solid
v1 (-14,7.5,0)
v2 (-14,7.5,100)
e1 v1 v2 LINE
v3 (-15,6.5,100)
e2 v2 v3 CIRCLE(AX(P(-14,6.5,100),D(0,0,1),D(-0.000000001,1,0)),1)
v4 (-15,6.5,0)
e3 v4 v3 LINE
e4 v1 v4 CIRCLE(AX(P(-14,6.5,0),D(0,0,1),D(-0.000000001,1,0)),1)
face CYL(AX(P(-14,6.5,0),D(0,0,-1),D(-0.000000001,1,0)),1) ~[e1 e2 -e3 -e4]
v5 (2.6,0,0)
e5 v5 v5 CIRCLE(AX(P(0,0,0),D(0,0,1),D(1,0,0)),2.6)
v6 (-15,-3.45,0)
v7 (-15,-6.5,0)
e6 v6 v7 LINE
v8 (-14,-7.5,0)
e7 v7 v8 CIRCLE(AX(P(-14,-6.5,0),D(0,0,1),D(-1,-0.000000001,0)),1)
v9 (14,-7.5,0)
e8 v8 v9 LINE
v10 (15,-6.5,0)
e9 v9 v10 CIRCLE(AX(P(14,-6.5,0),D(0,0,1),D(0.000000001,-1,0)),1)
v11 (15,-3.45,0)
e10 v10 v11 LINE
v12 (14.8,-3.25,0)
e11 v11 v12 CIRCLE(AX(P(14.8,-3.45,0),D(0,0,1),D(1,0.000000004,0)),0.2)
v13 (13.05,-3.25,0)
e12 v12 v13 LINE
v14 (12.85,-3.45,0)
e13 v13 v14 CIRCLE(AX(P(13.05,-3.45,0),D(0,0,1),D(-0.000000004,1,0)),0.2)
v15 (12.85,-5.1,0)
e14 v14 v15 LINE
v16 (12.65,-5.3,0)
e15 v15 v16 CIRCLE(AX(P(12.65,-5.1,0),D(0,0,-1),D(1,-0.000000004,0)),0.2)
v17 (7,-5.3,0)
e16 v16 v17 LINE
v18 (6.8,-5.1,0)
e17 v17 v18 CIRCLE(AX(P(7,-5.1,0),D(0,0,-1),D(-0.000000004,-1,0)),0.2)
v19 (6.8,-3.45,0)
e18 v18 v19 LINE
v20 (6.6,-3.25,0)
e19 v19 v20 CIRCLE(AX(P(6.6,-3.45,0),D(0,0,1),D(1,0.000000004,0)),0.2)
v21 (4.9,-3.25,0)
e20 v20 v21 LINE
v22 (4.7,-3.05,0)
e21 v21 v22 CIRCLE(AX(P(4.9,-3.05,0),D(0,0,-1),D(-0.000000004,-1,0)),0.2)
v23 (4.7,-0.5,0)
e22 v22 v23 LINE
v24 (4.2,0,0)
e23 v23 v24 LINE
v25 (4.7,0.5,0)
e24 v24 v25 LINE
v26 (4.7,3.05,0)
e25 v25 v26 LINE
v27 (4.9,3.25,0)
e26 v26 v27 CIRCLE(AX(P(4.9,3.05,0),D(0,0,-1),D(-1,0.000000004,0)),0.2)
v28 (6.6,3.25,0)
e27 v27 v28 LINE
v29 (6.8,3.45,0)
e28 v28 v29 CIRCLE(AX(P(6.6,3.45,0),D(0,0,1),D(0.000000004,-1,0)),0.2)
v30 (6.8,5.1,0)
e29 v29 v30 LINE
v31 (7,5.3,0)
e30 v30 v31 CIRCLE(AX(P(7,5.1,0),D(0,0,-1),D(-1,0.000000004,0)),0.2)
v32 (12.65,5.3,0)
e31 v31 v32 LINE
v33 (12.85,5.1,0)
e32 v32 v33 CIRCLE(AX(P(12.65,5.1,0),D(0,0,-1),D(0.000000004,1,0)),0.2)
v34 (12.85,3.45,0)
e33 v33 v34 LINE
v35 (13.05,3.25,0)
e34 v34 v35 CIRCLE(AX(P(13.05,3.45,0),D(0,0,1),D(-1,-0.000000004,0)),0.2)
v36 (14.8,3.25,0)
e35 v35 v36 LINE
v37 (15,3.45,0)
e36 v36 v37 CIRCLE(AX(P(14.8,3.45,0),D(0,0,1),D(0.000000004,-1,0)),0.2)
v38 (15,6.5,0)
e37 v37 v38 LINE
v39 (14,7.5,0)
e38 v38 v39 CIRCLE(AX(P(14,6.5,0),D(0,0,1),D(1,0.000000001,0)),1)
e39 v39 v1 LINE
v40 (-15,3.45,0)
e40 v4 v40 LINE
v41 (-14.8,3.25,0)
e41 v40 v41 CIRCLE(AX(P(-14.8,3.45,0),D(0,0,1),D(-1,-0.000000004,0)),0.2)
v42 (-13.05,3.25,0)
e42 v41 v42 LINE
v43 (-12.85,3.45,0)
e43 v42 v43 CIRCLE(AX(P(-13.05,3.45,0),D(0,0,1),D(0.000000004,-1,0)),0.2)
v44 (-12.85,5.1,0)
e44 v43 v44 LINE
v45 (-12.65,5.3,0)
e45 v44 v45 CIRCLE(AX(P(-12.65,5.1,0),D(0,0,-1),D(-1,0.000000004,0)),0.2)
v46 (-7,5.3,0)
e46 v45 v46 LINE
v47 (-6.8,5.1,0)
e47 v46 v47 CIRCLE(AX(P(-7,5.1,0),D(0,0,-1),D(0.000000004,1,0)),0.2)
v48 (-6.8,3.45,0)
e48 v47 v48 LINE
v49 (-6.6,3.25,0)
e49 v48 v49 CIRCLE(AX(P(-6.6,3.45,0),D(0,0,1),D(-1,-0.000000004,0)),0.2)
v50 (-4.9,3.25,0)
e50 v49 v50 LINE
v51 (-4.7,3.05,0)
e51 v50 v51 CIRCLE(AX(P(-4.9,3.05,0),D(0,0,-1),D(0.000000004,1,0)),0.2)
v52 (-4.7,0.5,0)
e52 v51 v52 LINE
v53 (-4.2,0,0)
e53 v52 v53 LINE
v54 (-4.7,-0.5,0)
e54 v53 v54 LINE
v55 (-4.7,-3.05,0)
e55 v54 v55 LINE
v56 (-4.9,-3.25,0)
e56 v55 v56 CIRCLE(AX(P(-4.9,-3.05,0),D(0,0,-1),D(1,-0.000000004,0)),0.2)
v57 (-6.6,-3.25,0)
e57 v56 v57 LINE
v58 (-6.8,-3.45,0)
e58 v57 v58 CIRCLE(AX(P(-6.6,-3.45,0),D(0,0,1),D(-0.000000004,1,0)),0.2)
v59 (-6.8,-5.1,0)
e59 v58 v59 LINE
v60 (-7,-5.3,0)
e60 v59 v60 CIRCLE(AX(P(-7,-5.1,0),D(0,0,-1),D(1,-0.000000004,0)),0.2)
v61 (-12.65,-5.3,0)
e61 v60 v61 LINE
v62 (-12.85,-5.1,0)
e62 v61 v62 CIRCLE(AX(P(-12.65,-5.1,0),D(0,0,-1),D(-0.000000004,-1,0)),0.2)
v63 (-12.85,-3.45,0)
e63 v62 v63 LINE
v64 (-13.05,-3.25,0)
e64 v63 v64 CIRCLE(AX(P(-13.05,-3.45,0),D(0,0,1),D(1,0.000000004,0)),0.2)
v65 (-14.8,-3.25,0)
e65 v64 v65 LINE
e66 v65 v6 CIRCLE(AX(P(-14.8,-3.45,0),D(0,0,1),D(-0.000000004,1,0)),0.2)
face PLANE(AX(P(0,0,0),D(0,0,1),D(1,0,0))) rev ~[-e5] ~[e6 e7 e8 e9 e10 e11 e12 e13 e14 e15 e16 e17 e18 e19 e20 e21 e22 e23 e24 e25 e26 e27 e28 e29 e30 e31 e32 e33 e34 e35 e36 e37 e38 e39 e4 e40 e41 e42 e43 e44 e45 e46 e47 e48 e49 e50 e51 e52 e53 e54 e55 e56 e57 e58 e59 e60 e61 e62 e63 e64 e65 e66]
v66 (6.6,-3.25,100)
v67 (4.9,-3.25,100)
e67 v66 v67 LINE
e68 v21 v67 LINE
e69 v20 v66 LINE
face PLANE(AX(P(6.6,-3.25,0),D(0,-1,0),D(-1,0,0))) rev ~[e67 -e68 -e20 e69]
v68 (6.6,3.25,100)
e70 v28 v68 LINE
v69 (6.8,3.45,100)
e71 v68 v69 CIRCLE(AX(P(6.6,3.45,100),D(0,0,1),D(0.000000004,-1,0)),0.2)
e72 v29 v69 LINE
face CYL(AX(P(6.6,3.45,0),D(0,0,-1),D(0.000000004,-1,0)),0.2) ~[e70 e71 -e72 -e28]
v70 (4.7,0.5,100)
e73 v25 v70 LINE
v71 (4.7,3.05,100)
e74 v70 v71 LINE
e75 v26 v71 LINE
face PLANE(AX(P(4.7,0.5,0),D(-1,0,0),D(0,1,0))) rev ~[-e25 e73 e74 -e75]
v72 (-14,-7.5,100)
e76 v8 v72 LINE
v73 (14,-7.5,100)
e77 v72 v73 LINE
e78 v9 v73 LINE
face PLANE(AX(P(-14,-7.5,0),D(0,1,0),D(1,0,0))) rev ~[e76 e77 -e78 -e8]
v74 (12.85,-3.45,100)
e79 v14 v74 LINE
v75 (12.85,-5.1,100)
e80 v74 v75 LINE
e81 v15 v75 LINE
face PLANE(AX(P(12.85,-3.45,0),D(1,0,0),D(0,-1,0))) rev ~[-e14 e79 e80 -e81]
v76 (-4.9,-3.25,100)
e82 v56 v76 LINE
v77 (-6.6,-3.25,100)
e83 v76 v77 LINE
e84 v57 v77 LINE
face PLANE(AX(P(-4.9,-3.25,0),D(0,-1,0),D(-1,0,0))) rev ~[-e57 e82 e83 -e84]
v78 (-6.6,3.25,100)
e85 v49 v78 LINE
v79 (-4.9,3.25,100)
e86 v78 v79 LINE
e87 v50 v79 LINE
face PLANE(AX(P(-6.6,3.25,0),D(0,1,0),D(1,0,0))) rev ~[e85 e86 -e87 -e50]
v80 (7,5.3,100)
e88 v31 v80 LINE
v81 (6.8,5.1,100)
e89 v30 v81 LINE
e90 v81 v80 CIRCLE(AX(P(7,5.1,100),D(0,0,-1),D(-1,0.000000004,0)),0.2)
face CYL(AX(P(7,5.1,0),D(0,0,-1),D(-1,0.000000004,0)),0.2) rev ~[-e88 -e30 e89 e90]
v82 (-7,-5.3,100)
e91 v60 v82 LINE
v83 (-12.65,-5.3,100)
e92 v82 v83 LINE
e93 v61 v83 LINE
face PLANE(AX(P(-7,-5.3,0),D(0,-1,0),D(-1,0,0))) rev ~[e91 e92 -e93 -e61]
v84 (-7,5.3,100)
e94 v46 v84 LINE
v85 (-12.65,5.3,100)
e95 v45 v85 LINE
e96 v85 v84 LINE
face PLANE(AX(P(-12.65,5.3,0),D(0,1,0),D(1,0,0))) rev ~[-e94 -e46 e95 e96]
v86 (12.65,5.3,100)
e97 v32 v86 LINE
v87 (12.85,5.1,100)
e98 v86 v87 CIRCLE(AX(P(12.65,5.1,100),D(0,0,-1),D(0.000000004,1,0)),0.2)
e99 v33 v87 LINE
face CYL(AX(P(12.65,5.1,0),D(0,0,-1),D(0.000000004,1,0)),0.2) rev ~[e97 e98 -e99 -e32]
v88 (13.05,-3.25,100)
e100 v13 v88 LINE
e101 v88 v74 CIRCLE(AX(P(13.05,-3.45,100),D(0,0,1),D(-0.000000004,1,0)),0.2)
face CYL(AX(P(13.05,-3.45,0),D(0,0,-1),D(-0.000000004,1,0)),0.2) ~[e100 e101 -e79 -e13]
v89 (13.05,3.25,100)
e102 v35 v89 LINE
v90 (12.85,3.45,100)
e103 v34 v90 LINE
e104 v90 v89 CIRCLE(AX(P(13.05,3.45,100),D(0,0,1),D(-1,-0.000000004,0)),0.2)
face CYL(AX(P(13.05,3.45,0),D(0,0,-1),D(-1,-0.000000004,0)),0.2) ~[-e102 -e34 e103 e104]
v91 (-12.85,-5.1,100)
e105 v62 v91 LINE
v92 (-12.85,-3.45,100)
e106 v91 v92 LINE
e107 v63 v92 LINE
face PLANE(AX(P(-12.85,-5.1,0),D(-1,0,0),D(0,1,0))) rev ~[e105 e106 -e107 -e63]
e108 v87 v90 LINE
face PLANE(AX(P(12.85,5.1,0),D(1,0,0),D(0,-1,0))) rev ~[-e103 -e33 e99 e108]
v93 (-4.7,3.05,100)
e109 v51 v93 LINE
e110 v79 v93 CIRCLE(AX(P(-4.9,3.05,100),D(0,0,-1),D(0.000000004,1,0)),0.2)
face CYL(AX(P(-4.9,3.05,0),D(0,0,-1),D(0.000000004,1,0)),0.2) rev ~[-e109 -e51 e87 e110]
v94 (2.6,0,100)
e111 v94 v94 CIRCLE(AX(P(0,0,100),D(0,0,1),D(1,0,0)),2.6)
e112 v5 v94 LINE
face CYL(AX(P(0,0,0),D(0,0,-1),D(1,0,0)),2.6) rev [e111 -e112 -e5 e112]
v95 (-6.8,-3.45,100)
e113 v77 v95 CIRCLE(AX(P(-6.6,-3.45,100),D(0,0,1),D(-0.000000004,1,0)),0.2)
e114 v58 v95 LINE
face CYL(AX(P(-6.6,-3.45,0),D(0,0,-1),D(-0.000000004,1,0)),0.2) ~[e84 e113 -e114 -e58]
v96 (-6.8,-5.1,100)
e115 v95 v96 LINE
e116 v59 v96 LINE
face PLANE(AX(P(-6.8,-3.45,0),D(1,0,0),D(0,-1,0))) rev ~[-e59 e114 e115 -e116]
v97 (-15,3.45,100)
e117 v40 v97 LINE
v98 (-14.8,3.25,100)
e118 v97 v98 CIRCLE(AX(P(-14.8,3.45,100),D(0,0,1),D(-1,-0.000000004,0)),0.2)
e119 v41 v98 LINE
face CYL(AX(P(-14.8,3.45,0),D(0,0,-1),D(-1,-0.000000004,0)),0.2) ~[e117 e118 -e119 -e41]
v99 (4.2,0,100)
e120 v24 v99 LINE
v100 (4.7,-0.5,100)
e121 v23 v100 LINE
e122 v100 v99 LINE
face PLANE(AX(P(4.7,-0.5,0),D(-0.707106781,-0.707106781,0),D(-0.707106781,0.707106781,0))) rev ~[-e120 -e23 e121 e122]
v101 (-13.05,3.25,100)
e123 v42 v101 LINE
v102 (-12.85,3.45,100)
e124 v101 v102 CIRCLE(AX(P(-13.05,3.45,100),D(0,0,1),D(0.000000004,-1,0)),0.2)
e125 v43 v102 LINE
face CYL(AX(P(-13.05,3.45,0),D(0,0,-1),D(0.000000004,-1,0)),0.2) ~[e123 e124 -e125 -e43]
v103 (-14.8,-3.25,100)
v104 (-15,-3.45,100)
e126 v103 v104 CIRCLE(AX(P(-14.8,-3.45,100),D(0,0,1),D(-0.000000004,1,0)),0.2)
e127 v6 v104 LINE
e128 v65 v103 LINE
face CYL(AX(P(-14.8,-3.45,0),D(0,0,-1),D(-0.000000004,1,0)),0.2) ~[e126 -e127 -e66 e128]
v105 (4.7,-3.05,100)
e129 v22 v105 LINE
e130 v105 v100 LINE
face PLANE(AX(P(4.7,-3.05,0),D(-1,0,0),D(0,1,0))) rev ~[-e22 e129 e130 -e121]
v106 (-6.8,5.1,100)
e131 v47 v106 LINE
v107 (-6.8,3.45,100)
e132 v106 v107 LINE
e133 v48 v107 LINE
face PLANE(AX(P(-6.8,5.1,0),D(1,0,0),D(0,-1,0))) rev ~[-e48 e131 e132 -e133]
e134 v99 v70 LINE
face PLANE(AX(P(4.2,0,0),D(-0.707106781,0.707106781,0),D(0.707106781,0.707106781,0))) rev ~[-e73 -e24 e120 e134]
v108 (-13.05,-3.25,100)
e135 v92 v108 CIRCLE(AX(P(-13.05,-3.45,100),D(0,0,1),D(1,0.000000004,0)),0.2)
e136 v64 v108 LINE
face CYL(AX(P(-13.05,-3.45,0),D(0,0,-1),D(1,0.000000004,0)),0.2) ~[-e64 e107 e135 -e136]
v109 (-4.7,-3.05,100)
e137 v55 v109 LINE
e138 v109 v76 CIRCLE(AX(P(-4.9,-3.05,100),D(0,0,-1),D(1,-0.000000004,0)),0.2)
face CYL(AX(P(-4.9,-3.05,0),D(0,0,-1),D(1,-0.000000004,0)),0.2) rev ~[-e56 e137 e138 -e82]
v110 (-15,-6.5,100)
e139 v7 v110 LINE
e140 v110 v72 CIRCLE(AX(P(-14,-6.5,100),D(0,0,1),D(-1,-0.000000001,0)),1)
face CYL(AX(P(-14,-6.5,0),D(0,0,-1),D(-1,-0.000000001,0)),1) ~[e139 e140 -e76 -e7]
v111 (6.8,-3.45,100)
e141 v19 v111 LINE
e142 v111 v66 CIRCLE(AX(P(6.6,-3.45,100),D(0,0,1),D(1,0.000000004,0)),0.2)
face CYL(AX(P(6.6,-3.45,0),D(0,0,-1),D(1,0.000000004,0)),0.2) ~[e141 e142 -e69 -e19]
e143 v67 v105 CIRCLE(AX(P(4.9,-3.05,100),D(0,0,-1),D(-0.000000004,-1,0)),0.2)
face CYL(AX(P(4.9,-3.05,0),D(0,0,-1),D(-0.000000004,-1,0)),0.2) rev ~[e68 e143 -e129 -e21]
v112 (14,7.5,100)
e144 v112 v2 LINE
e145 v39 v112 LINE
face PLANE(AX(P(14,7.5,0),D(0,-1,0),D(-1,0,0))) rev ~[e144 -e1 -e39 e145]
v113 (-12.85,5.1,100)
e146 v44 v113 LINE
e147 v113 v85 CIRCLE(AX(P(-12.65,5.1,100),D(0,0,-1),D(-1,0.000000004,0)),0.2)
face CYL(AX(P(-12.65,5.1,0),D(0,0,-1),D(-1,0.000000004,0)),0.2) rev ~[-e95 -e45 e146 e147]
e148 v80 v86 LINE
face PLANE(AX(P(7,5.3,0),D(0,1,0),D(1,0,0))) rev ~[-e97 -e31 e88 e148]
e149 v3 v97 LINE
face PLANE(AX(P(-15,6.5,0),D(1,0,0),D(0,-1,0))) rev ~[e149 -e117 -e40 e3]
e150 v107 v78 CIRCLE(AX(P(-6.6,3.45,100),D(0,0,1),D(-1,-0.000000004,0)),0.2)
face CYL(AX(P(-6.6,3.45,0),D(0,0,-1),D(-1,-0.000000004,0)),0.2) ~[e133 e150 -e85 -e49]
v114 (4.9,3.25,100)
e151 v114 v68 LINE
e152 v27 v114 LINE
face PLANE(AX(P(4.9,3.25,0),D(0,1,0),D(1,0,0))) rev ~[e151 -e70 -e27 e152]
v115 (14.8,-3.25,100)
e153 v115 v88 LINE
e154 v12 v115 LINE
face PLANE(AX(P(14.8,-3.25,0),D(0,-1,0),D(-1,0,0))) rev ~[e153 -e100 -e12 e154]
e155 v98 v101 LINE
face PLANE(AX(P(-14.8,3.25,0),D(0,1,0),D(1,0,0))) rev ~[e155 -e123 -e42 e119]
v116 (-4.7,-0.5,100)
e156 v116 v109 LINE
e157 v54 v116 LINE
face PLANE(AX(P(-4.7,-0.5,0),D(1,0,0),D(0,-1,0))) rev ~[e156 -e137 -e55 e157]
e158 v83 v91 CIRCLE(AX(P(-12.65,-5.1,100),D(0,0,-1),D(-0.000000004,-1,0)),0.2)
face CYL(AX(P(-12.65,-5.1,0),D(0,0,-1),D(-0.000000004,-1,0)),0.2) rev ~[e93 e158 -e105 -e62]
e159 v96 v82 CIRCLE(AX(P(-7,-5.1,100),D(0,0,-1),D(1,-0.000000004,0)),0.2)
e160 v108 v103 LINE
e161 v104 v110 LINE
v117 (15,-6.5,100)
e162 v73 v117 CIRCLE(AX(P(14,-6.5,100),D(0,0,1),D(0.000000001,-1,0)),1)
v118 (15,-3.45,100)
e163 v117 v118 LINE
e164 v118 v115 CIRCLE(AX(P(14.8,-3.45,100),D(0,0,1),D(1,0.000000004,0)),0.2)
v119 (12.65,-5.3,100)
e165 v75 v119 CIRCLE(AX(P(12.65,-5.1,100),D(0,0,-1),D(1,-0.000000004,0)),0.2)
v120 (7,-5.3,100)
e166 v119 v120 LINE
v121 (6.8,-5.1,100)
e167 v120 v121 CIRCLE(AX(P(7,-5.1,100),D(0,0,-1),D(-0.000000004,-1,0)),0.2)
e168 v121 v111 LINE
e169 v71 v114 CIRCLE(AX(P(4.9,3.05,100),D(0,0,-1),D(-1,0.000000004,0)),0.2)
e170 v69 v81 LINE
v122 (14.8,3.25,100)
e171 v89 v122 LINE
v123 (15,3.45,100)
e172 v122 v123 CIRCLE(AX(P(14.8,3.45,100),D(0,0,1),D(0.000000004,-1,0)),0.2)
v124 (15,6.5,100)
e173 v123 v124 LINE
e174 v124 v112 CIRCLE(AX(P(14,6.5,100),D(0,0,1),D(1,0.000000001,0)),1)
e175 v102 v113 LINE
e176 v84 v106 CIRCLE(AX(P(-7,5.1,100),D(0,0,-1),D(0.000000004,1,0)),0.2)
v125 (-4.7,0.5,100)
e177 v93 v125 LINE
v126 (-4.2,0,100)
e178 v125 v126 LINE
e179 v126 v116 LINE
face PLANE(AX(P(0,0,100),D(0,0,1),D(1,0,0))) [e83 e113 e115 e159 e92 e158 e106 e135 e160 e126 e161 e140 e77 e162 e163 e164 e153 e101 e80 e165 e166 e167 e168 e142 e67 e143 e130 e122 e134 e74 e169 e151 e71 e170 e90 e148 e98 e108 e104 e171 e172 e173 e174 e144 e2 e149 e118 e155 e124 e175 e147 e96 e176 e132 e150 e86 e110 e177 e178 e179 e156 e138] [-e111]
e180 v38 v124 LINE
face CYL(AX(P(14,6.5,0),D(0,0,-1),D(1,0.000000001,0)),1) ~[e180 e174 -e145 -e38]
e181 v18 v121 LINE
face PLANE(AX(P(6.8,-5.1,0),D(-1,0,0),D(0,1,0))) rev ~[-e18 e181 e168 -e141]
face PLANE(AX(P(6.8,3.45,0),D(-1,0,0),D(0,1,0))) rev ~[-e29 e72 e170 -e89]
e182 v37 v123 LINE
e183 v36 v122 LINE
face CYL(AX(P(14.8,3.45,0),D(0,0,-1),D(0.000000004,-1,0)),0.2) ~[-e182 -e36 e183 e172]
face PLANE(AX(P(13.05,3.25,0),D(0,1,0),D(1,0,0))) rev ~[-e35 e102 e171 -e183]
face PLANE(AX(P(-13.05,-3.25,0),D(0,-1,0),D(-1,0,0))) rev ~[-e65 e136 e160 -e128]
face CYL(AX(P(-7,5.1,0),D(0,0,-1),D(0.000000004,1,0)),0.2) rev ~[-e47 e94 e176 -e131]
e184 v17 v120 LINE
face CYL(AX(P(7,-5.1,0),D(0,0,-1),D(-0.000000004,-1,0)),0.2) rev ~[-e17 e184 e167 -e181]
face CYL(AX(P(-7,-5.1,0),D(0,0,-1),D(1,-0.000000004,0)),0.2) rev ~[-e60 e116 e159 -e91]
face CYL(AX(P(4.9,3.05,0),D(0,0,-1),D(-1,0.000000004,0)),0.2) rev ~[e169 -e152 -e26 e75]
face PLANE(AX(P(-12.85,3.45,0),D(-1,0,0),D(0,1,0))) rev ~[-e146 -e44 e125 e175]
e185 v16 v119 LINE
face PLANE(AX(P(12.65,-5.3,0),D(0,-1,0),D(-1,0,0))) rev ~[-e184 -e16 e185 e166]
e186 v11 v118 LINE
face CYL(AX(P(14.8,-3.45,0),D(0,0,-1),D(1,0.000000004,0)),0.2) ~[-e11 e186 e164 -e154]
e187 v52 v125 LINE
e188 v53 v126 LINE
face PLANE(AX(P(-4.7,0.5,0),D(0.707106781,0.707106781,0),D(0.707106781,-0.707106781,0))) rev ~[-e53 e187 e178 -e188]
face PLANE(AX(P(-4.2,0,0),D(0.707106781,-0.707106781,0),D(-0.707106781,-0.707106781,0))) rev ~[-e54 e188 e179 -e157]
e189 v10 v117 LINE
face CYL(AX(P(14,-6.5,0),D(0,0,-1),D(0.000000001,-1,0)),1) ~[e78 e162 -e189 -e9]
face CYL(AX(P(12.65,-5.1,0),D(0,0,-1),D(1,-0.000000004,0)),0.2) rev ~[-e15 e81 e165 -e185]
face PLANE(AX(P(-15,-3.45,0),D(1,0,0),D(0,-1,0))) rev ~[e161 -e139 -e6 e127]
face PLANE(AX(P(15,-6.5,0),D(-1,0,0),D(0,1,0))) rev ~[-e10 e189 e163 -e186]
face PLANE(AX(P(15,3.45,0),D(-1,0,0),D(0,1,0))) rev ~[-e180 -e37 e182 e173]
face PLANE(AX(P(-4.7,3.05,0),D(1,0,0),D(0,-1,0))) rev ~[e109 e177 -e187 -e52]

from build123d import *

# Parameters (mm, degrees)
SKETCH_1_R      = 2.6
EXTRUDE_1_DEPTH = 100


with BuildPart() as part:
    # 草图1 → 凸台-拉伸1 (new body)
    with BuildSketch(Plane.XY):
        with BuildLine():
            Line((-4.7, 0.5), (-4.2, 0))
            Line((-4.2, 0), (-4.7, -0.5))
            Line((-4.7, -0.5), (-4.7, -3.05))
            ThreePointArc((-4.7, -3.05), (-4.758578644, -3.191421356), (-4.9, -3.25))
            Line((-4.9, -3.25), (-6.6, -3.25))
            ThreePointArc((-6.6, -3.25), (-6.741421356, -3.308578644), (-6.8, -3.45))
            Line((-6.8, -3.45), (-6.8, -5.1))
            ThreePointArc((-6.8, -5.1), (-6.858578644, -5.241421356), (-7, -5.3))
            Line((-7, -5.3), (-12.65, -5.3))
            ThreePointArc((-12.65, -5.3), (-12.791421356, -5.241421356), (-12.85, -5.1))
            Line((-12.85, -5.1), (-12.85, -3.45))
            ThreePointArc((-12.85, -3.45), (-12.908578644, -3.308578644), (-13.05, -3.25))
            Line((-13.05, -3.25), (-14.8, -3.25))
            ThreePointArc((-14.8, -3.25), (-14.941421356, -3.308578644), (-15, -3.45))
            Line((-15, -3.45), (-15, -6.5))
            ThreePointArc((-15, -6.5), (-14.707106781, -7.207106781), (-14, -7.5))
            Line((-14, -7.5), (14, -7.5))
            ThreePointArc((14, -7.5), (14.707106781, -7.207106781), (15, -6.5))
            Line((15, -6.5), (15, -3.45))
            ThreePointArc((15, -3.45), (14.941421356, -3.308578644), (14.8, -3.25))
            Line((14.8, -3.25), (13.05, -3.25))
            ThreePointArc((13.05, -3.25), (12.908578644, -3.308578644), (12.85, -3.45))
            Line((12.85, -3.45), (12.85, -5.1))
            ThreePointArc((12.85, -5.1), (12.791421356, -5.241421356), (12.65, -5.3))
            Line((12.65, -5.3), (7, -5.3))
            ThreePointArc((7, -5.3), (6.858578644, -5.241421356), (6.8, -5.1))
            Line((6.8, -5.1), (6.8, -3.45))
            ThreePointArc((6.8, -3.45), (6.741421356, -3.308578644), (6.6, -3.25))
            Line((6.6, -3.25), (4.9, -3.25))
            ThreePointArc((4.9, -3.25), (4.758578644, -3.191421356), (4.7, -3.05))
            Line((4.7, -3.05), (4.7, -0.5))
            Line((4.7, -0.5), (4.2, 0))
            Line((4.2, 0), (4.7, 0.5))
            Line((4.7, 0.5), (4.7, 3.05))
            ThreePointArc((4.7, 3.05), (4.758578644, 3.191421356), (4.9, 3.25))
            Line((4.9, 3.25), (6.6, 3.25))
            ThreePointArc((6.6, 3.25), (6.741421356, 3.308578644), (6.8, 3.45))
            Line((6.8, 3.45), (6.8, 5.1))
            ThreePointArc((6.8, 5.1), (6.858578644, 5.241421356), (7, 5.3))
            Line((7, 5.3), (12.65, 5.3))
            ThreePointArc((12.65, 5.3), (12.791421356, 5.241421356), (12.85, 5.1))
            Line((12.85, 5.1), (12.85, 3.45))
            ThreePointArc((12.85, 3.45), (12.908578644, 3.308578644), (13.05, 3.25))
            Line((13.05, 3.25), (14.8, 3.25))
            ThreePointArc((14.8, 3.25), (14.941421356, 3.308578644), (15, 3.45))
            Line((15, 3.45), (15, 6.5))
            ThreePointArc((15, 6.5), (14.707106781, 7.207106781), (14, 7.5))
            Line((14, 7.5), (-14, 7.5))
            ThreePointArc((-14, 7.5), (-14.707106781, 7.207106781), (-15, 6.5))
            Line((-15, 6.5), (-15, 3.45))
            ThreePointArc((-15, 3.45), (-14.941421356, 3.308578644), (-14.8, 3.25))
            Line((-14.8, 3.25), (-13.05, 3.25))
            ThreePointArc((-13.05, 3.25), (-12.908578644, 3.308578644), (-12.85, 3.45))
            Line((-12.85, 3.45), (-12.85, 5.1))
            ThreePointArc((-12.85, 5.1), (-12.791421356, 5.241421356), (-12.65, 5.3))
            Line((-12.65, 5.3), (-7, 5.3))
            ThreePointArc((-7, 5.3), (-6.858578644, 5.241421356), (-6.8, 5.1))
            Line((-6.8, 5.1), (-6.8, 3.45))
            ThreePointArc((-6.8, 3.45), (-6.741421356, 3.308578644), (-6.6, 3.25))
            Line((-6.6, 3.25), (-4.9, 3.25))
            ThreePointArc((-4.9, 3.25), (-4.758578644, 3.191421356), (-4.7, 3.05))
            Line((-4.7, 3.05), (-4.7, 0.5))
        make_face()
        Circle(SKETCH_1_R, mode=Mode.SUBTRACT)
    extrude(amount=EXTRUDE_1_DEPTH)


solid = part.part
